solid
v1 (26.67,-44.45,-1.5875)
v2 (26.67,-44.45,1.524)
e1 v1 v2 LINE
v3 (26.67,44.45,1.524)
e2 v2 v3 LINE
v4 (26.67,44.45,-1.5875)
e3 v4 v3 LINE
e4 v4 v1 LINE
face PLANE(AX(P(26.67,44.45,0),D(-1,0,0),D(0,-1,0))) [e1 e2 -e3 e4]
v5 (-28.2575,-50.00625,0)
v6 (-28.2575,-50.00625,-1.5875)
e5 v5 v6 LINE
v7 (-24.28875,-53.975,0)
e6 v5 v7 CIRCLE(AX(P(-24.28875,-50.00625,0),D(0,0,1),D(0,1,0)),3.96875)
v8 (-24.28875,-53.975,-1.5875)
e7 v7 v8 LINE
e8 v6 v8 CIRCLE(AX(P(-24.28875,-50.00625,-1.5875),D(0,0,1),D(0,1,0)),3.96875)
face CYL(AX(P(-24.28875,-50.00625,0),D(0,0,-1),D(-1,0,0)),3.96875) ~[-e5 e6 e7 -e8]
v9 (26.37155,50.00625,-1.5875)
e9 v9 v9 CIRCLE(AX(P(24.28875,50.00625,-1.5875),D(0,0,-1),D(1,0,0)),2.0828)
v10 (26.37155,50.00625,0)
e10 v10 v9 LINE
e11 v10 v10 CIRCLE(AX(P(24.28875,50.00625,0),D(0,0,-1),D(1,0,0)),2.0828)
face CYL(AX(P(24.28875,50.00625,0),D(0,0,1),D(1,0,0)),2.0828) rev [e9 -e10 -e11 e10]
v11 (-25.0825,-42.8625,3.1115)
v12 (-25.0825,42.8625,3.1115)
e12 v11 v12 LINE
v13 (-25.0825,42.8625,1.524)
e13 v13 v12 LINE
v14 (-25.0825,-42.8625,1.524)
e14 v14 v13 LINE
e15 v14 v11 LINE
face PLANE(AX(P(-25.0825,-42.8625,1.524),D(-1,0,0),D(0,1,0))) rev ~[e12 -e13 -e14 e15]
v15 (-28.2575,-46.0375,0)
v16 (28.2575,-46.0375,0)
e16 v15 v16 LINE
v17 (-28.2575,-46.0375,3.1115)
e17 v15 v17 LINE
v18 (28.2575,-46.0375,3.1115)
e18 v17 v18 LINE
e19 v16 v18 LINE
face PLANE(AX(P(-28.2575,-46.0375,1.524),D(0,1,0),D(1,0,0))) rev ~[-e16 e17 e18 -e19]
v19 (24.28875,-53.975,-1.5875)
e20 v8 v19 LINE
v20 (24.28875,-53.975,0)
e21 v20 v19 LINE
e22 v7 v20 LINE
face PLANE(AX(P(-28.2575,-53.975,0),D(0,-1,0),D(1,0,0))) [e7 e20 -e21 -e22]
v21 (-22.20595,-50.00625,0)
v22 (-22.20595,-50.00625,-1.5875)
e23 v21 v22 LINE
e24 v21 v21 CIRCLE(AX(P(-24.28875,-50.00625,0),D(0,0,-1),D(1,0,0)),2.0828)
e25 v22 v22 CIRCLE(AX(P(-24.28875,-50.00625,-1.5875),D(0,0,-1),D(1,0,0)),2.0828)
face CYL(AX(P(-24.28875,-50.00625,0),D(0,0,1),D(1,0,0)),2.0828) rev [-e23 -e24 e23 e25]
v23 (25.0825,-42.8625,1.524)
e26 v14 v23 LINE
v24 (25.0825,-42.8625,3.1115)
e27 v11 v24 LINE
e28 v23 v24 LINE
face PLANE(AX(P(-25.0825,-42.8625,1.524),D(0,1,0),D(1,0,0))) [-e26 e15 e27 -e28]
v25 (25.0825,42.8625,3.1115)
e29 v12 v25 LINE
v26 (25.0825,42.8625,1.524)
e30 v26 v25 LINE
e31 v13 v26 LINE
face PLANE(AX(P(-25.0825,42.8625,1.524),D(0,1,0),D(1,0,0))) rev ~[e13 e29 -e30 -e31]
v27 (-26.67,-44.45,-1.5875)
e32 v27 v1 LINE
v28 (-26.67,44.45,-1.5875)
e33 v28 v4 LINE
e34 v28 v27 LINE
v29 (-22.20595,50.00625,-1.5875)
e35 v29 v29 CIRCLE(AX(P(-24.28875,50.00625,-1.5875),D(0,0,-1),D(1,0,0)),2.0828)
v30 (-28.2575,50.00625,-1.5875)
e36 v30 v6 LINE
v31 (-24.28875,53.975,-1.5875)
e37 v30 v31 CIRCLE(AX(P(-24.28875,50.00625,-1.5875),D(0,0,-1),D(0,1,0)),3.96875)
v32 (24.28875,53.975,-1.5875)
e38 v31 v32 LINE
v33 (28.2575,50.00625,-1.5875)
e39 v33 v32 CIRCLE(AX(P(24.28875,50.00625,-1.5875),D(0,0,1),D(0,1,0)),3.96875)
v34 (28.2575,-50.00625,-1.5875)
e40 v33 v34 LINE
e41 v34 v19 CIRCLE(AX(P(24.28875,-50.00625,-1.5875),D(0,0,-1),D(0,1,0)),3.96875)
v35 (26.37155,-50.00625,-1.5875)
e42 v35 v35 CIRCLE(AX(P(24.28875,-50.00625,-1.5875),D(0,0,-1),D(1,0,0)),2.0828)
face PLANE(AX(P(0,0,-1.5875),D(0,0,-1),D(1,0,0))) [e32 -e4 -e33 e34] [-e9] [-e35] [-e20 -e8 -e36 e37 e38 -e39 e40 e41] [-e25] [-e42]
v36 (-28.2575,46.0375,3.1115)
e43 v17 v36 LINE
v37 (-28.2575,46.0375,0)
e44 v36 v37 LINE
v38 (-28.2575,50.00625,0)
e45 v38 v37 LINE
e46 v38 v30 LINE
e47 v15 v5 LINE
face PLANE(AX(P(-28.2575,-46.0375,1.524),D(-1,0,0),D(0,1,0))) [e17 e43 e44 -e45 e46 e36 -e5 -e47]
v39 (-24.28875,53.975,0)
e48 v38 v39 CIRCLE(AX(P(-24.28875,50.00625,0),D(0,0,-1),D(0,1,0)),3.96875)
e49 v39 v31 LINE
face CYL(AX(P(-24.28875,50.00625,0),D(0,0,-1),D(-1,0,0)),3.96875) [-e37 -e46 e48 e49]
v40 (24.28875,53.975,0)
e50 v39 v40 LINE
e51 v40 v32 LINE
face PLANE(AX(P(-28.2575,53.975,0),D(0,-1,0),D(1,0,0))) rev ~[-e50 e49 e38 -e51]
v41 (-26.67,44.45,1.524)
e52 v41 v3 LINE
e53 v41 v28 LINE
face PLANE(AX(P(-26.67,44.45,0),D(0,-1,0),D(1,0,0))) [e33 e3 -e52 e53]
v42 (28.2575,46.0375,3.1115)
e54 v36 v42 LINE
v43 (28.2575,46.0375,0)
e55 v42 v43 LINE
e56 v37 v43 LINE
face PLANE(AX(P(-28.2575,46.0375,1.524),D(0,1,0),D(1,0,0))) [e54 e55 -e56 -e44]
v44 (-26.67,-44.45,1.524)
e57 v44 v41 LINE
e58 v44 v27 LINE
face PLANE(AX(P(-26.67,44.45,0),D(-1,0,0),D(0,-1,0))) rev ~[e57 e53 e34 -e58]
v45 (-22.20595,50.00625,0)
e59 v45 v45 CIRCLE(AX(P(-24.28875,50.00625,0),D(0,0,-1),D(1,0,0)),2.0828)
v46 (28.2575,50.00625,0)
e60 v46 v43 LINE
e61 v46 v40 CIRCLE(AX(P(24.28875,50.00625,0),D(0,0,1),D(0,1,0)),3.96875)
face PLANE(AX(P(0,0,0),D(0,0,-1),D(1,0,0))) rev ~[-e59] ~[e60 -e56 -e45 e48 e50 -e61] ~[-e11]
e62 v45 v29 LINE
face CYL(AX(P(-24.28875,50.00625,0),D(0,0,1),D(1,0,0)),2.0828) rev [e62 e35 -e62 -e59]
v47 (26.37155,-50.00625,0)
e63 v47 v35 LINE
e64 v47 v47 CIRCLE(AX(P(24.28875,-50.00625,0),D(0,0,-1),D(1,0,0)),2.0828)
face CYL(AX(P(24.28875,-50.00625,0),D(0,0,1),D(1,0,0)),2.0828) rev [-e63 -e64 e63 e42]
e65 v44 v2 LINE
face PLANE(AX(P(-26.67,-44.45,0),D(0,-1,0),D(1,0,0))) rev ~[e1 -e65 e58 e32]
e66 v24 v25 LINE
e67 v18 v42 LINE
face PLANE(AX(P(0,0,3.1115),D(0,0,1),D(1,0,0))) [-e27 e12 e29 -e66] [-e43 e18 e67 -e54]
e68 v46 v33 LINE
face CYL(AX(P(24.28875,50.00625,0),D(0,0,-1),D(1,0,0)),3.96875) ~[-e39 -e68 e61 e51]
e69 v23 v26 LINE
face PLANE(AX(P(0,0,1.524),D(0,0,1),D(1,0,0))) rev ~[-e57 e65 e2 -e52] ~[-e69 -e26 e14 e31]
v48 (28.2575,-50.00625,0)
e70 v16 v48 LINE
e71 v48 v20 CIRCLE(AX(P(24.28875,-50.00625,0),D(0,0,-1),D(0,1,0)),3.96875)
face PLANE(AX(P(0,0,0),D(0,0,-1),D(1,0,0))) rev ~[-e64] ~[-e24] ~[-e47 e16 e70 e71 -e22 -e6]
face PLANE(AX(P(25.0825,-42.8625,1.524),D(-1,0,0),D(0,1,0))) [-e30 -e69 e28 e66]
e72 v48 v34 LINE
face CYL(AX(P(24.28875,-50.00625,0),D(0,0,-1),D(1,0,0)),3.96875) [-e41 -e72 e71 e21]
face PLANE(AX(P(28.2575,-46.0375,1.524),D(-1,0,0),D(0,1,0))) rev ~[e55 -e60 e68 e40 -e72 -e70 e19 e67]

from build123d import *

# Parameters (mm, degrees)
F0_W     = 56.515
F0_H     = 92.075
F0_W_2   = 53.34
F0_H_2   = 88.9
F1_DEPTH = 1.524
F2_W     = 56.515
F2_H     = 107.95
F2_R     = 2.0828
F2_W_2   = 53.34
F2_H_2   = 88.9
F3_DEPTH = 1.5875
F4_W     = 56.515
F4_H     = 92.075
F4_W_2   = 50.165
F4_H_2   = 85.725
F5_DEPTH = 1.5875
F6_R     = 3.96875


with BuildPart() as f1:
    # F0 (on Top) → F1 (new body)
    with BuildSketch(Plane.XY):
        Rectangle(F0_W, F0_H)
        Rectangle(F0_W_2, F0_H_2, mode=Mode.SUBTRACT)
    extrude(amount=F1_DEPTH)

    # F2 (on face) → F3 (join)
    with BuildSketch(Plane(origin=(0, 0, 0), x_dir=(1, 0, 0), z_dir=(0, 0, -1))):
        Rectangle(F2_W, F2_H)
        with Locations((-24.28875, -50.00625)):
            Circle(F2_R, mode=Mode.SUBTRACT)
        with Locations((24.28875, -50.00625)):
            Circle(F2_R, mode=Mode.SUBTRACT)
        with Locations((-24.28875, 50.00625)):
            Circle(F2_R, mode=Mode.SUBTRACT)
        Rectangle(F2_W_2, F2_H_2, mode=Mode.SUBTRACT)
        with Locations((24.28875, 50.00625)):
            Circle(F2_R, mode=Mode.SUBTRACT)
    extrude(amount=F3_DEPTH)

    # F4 (on face) → F5 (join)
    with BuildSketch(Plane.XY.offset(1.524)):
        Rectangle(F4_W, F4_H)
        Rectangle(F4_W_2, F4_H_2, mode=Mode.SUBTRACT)
    extrude(amount=F5_DEPTH)

    # F6
    f6_edges = [f1.edges().sort_by_distance(p)[0] for p in [
        (-28.2575, -53.975, -0.79375),
        (28.2575, -53.975, -0.79375),
        (28.2575, 53.975, -0.79375),
        (-28.2575, 53.975, -0.79375),
    ]]
    fillet(f6_edges, radius=F6_R)


solid = f1.part
